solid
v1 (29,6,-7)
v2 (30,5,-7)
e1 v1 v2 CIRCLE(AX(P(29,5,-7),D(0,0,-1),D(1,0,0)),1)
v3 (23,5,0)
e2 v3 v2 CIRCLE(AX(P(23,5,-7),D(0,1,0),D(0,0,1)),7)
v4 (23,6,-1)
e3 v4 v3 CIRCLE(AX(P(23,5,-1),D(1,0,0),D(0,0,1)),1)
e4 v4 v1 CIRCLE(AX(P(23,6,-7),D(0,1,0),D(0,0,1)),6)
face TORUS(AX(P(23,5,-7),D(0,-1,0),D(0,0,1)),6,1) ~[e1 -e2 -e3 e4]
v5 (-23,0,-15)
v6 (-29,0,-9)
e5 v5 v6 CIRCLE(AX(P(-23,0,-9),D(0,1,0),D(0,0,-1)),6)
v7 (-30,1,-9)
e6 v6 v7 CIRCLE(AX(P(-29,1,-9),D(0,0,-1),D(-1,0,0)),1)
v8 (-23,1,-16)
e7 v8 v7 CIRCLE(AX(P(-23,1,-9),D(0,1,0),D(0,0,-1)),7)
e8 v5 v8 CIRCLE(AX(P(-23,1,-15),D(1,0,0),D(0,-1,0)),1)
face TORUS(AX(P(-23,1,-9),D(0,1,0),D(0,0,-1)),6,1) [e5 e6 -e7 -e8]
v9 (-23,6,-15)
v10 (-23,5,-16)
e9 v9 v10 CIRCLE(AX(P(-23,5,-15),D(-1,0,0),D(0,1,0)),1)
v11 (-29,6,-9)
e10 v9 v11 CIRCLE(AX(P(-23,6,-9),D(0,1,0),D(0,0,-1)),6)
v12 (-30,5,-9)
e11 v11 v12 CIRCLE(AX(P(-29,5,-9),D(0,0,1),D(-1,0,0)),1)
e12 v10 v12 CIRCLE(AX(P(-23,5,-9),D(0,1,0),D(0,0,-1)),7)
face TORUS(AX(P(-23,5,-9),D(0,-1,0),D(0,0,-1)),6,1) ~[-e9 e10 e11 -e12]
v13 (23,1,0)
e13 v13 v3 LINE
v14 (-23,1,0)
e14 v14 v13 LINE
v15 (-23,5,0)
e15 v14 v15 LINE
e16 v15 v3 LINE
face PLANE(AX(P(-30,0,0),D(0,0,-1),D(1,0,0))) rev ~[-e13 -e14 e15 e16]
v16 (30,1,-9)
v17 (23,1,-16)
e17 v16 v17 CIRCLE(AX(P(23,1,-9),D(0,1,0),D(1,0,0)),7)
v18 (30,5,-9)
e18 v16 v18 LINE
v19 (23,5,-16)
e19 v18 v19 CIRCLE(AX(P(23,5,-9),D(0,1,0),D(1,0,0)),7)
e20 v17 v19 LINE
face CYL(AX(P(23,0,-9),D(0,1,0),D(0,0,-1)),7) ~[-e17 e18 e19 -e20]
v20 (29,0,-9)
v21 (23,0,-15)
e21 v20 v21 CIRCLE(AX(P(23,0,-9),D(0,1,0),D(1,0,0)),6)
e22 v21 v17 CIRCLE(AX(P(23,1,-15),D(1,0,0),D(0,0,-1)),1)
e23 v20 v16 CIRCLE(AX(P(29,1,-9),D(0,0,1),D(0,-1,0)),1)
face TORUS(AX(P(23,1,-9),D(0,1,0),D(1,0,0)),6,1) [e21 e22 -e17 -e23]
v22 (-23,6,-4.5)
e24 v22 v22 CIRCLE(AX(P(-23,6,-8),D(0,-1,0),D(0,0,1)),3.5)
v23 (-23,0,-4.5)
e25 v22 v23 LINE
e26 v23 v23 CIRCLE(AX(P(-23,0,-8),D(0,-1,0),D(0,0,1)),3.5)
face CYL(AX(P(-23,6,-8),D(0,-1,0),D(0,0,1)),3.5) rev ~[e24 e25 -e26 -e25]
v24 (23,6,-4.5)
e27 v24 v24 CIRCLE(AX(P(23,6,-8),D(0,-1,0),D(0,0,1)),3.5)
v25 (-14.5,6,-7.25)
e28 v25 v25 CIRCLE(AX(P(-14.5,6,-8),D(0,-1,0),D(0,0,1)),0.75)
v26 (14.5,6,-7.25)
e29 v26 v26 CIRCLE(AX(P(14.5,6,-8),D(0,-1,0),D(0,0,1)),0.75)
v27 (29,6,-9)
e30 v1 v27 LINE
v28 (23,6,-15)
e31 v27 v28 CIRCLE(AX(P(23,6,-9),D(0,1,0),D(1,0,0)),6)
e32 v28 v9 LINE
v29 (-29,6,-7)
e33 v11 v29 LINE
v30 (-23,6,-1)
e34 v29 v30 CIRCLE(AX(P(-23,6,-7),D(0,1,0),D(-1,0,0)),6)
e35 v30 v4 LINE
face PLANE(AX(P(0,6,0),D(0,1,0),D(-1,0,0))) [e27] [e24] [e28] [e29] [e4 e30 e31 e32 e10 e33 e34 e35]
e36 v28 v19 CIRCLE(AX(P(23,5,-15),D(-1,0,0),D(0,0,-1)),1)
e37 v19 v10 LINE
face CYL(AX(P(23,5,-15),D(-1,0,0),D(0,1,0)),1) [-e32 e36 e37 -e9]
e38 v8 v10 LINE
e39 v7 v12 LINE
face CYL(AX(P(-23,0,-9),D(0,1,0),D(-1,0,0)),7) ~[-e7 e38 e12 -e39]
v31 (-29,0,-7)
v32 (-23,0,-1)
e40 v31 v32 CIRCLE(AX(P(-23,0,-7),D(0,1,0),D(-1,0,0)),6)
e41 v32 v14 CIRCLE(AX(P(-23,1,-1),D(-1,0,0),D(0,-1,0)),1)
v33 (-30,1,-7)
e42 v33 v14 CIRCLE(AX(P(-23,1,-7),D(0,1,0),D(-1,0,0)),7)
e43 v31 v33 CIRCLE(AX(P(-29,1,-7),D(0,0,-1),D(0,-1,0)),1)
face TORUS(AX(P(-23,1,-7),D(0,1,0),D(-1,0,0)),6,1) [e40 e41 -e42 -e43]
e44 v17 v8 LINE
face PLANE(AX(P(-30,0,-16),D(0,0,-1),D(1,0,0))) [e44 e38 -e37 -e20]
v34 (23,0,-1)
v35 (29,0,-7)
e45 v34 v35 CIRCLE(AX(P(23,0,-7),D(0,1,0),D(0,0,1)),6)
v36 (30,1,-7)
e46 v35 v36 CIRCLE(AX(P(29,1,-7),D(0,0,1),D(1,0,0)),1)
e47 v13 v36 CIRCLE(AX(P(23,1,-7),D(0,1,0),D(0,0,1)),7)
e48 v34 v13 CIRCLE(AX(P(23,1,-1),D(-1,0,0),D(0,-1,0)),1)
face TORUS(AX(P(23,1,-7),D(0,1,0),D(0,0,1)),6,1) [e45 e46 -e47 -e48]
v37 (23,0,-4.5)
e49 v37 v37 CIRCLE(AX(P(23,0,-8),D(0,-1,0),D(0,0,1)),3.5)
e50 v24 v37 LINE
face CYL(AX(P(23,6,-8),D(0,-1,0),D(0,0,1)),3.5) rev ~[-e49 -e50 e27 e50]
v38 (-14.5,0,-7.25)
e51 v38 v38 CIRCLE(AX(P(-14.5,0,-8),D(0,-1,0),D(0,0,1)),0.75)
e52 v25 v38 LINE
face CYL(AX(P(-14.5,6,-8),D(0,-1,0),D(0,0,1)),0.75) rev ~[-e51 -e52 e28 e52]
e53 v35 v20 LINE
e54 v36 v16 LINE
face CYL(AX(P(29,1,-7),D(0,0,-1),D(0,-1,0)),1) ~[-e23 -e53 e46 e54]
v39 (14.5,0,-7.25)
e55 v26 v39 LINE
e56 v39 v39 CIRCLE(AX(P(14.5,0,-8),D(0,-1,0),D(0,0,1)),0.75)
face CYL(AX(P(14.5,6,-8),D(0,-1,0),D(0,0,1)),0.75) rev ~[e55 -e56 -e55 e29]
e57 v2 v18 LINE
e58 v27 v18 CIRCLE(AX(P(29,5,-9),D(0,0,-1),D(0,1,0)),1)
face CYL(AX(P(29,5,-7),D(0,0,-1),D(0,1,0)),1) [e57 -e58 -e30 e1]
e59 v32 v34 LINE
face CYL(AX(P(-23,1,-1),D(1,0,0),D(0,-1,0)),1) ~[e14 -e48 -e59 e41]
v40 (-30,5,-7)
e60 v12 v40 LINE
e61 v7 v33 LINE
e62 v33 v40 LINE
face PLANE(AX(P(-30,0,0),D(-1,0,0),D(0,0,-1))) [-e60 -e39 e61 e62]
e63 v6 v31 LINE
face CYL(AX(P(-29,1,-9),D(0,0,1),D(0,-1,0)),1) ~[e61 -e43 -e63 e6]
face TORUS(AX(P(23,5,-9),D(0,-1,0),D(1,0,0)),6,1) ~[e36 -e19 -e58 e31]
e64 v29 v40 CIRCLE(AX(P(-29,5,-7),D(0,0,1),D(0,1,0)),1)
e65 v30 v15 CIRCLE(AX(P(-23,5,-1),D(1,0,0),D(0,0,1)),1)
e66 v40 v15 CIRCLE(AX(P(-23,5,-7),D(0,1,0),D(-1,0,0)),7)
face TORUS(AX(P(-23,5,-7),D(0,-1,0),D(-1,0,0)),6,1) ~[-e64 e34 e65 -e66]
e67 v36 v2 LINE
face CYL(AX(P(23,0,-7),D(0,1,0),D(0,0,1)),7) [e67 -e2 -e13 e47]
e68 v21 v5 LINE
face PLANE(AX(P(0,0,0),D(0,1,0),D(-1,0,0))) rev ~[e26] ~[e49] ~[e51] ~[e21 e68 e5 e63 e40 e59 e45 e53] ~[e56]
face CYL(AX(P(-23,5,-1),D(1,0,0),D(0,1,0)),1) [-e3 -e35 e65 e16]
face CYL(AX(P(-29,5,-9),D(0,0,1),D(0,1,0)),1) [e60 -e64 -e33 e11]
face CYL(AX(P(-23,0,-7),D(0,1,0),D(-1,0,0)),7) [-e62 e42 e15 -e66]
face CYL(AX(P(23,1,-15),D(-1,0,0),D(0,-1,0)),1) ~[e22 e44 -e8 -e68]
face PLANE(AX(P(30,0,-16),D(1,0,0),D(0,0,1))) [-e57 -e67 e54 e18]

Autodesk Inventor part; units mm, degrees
ref_plane "YZ Plane" through (0, 0, 0) normal (1, 0, 0) x (0, 1, 0)
ref_plane "XZ Plane" through (0, 0, 0) normal (0, 1, 0) x (-1, 0, 0)
ref_plane "XY Plane" through (0, 0, 0) normal (0, 0, 1) x (1, 0, 0)
sketch "Sketch1" plane through (0, 0, 0) normal (0, 1, 0) x (-1, 0, 0)
  line L0 (42, 0) -> (-42, 0) projected
  line L1 (0, -19.2) -> (0, 3.2) projected
  line L2 (30, -16) -> (-30, -16)
  line L3 (-30, -16) -> (-30, 0)
  line L4 (-30, 0) -> (30, 0)
  line L5 (30, 0) -> (30, -16)
  point P0 (0, 0)
  dimension "d0" = 16
  dimension "d1" = 60
extrude "Extrusion1" add sketch "Sketch1" along normal blind 6
sketch "Sketch2" plane through (0, 6, 0) normal (0, 1, 0) x (1, 0, 0)
  line L0 (30, 16) -> (-30, 16) projected
  line L1 (-30, 16) -> (-30, 0) projected
  line L2 (-30, 0) -> (30, 0) projected
  line L3 (30, 0) -> (30, 16) projected
  line L4 (0, 19.2) -> (0, -3.2) projected
  line L5 (-42, 0) -> (42, 0) projected
  point P0 (0, 0)
  point P1 (-23, 8)
  point P2 (23, 8)
  dimension "d4" = 7
  dimension "d5" = 7
  dimension "d6" = 8
  dimension "d7" = 8
hole "Hole1" at (23, 6, -8) at (-23, 6, -8) direction (0, -1, 0) diameter 7 end through all
sketch "Sketch3" plane through (0, 6, 0) normal (0, 1, 0) x (1, 0, 0)
  circle A0 centre (23, 8) radius 3.5 projected
  circle A1 centre (-23, 8) radius 3.5 projected
  line L0 (30, 16) -> (-30, 16) projected
  line L1 (-30, 16) -> (-30, 0) projected
  line L2 (-30, 0) -> (30, 0) projected
  line L3 (30, 0) -> (30, 16) projected
  line L4 (0, 19.2) -> (0, -3.2) projected
  line L5 (-23, 8) -> (23, 8) construction
  point P0 (0, 0)
  point P1 (-14.5, 8)
  point P2 (14.5, 8)
  dimension "d15" = 8.5
  dimension "d16" = 8.5
hole "Hole2" at (-14.5, 6, -8) at (14.5, 6, -8) direction (0, -1, 0) diameter 1.5 end through all
fillet "Fillet1" radius 7 4 edges at (30, 3, -16) (30, 3, 0) (-30, 3, -16) (-30, 3, 0)
fillet "Fillet2" radius 1 16 edges at (0, 0, 0) (-27.9497, 0, -2.0503) (-30, 0, -8) (-27.9497, 0, -13.9497) (0, 0, -16) (27.9497, 0, -13.9497) (30, 0, -8) (27.9497, 0, -2.0503) (27.9497, 6, -2.0503) (30, 6, -8) (27.9497, 6, -13.9497) (0, 6, -16) (-27.9497, 6, -13.9497) (-30, 6, -8) (-27.9497, 6, -2.0503) (0, 6, 0)
properties part number "femur_v3"
